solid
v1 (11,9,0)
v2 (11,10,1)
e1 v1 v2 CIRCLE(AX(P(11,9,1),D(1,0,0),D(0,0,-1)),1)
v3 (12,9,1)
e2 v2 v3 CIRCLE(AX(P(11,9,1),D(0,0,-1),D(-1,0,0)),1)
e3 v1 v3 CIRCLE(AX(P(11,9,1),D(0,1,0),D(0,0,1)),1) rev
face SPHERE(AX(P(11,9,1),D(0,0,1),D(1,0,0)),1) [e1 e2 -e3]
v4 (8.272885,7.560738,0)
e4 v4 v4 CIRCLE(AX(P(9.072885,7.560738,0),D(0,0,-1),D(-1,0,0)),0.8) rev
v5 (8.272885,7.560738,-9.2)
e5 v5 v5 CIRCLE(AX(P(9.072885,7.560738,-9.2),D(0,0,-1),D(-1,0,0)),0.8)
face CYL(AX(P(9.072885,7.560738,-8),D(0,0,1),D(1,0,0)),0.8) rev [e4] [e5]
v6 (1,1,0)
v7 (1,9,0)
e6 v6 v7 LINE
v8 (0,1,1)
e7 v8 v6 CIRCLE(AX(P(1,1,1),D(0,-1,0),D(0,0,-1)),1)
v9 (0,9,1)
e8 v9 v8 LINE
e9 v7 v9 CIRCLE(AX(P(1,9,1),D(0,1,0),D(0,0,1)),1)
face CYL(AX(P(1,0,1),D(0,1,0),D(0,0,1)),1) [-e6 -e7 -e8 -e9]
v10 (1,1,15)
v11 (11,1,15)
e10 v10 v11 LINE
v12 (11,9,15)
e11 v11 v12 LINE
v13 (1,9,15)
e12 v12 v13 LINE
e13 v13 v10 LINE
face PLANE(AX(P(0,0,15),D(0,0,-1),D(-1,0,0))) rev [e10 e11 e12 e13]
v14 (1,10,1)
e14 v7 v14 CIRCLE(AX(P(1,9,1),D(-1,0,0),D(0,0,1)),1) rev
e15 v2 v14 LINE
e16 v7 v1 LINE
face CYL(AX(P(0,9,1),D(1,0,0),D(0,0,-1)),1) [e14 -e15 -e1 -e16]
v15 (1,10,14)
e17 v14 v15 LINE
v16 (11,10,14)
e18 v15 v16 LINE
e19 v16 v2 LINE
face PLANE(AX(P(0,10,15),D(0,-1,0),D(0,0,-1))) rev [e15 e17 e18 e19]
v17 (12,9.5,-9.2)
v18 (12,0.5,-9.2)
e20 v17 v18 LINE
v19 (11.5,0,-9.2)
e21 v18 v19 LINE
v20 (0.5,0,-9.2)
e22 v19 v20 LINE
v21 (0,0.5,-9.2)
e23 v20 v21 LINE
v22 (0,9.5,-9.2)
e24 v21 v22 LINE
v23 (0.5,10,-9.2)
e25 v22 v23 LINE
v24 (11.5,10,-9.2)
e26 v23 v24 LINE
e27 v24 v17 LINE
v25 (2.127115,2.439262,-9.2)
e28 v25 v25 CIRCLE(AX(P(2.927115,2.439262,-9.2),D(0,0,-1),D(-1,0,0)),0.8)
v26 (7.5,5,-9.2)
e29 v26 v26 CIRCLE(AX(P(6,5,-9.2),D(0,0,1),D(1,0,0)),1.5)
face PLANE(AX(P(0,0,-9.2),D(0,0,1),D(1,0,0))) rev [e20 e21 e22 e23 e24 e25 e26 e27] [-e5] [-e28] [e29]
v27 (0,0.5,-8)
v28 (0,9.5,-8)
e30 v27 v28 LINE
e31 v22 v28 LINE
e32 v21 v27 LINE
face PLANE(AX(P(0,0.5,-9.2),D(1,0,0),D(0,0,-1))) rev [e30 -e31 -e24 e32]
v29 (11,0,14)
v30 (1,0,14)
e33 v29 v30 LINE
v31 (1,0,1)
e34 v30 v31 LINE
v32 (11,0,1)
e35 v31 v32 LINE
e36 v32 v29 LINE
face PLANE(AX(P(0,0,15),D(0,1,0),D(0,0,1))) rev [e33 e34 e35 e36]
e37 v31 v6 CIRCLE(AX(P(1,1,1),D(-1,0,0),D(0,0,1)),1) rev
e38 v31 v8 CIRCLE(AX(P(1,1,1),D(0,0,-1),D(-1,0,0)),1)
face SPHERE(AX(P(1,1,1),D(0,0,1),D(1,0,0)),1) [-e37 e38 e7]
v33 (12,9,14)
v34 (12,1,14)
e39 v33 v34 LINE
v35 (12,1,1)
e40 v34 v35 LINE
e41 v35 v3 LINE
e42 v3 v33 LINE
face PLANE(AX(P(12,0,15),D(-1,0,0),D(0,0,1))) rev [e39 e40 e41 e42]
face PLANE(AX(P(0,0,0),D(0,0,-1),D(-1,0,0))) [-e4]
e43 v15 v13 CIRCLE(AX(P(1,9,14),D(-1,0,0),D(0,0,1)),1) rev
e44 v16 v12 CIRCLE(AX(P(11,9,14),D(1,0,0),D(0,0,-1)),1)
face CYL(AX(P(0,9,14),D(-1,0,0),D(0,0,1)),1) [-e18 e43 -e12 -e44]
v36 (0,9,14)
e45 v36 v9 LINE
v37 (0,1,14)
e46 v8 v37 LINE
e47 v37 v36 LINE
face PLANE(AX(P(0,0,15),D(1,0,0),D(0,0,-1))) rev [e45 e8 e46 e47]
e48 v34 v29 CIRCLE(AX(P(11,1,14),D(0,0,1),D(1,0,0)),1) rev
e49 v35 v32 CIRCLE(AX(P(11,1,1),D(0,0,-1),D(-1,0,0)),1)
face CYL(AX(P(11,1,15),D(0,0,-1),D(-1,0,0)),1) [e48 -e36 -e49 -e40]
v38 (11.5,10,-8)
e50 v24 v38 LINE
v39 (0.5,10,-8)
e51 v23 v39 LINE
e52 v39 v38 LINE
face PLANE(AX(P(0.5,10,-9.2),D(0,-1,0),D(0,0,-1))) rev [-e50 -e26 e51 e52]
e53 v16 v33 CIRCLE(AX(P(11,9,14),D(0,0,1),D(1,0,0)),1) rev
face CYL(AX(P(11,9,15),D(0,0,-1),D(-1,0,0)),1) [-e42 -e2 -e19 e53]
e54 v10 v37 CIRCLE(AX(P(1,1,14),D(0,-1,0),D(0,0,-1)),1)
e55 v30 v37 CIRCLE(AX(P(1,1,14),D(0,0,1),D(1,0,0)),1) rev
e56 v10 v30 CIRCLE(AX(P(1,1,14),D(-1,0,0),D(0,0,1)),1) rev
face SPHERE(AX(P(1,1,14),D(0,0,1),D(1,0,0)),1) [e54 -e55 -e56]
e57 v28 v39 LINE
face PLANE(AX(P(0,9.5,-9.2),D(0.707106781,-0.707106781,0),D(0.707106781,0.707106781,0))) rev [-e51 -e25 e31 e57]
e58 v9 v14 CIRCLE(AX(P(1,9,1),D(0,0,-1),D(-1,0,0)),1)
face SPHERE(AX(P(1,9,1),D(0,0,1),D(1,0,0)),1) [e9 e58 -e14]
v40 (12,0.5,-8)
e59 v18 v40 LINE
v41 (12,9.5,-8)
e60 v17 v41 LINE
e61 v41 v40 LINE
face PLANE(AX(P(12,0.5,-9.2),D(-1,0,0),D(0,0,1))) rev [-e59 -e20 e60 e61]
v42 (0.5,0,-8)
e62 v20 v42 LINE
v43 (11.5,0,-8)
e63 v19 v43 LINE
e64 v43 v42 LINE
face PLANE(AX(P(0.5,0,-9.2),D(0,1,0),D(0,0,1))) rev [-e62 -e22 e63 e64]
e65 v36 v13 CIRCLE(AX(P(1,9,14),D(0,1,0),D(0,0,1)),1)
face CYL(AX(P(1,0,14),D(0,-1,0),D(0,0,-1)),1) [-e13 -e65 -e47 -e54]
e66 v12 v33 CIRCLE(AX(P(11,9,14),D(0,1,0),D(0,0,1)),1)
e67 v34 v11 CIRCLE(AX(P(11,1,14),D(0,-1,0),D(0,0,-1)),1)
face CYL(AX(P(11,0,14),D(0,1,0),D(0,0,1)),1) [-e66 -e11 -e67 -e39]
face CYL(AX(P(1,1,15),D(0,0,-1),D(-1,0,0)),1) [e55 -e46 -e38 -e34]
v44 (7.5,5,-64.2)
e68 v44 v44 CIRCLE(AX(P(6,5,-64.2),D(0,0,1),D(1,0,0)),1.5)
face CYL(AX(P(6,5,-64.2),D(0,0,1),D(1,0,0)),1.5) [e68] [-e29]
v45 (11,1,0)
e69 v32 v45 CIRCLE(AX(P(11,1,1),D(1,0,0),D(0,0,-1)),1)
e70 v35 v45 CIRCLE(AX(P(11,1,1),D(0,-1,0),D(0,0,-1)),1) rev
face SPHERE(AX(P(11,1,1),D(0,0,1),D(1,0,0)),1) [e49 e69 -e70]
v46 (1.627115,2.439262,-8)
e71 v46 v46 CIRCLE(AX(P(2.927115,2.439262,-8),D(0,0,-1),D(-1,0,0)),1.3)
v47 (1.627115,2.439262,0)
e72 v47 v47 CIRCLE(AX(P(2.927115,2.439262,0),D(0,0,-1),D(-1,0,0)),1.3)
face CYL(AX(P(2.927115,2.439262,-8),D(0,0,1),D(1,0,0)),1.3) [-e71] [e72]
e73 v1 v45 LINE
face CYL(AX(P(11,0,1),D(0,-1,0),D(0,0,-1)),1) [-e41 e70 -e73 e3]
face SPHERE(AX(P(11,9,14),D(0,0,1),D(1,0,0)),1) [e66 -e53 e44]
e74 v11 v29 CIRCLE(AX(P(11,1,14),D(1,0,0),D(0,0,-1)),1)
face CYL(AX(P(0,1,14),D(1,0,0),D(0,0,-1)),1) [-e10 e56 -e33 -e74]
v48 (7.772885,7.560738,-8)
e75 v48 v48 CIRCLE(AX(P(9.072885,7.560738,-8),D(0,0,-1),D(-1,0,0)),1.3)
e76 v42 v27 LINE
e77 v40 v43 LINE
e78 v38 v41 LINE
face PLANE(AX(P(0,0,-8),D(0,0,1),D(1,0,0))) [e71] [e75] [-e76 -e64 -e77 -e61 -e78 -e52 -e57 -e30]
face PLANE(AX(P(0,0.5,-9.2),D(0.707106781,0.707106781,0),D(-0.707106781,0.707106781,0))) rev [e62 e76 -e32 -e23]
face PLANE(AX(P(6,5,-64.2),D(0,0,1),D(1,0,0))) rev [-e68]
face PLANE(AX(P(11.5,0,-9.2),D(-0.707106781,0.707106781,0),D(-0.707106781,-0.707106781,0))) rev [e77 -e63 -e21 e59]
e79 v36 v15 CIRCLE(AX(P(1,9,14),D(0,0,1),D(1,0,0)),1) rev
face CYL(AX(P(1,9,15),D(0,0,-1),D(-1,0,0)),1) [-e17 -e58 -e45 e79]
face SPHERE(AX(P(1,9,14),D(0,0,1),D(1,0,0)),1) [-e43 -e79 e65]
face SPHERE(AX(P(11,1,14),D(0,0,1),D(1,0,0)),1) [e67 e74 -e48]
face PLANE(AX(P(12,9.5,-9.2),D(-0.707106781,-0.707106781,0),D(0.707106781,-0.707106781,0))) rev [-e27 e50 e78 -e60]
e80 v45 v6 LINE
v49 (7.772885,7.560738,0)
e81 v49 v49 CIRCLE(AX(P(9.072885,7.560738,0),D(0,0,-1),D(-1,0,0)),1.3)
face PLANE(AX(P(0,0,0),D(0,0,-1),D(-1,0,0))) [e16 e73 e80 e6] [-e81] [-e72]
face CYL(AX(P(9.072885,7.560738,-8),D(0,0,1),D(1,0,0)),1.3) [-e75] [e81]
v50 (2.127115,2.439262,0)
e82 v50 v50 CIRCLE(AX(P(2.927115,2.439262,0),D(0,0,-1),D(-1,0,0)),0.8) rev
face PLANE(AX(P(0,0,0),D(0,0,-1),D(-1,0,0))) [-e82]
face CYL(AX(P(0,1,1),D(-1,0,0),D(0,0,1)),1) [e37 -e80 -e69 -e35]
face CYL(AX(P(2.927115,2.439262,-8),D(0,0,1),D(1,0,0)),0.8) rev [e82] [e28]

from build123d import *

# Parameters (mm, degrees)
SKETCH_1_W          = 12
SKETCH_1_H          = 10
EXTRUDE_1_DEPTH     = 15
FILLET_1_R          = 1
SKETCH_2_R          = 1.3
SKETCH_2_R_2        = 0.8
EXTRUDE_2_DEPTH     = 8
EXTRUDE_3_DEPTH     = 1.2
SKETCH_6_R          = 0.8
CUT_EXTRUDE_1_DEPTH = 1.2
SKETCH_7_R          = 1.5
EXTRUDE_4_DEPTH     = 55


with BuildPart() as part:
    # 草图1 → 凸台-拉伸1 (new body)
    with BuildSketch(Plane.XY):
        with Locations((6, 5)):
            Rectangle(SKETCH_1_W, SKETCH_1_H)
    extrude(amount=EXTRUDE_1_DEPTH)

    # 圆角1
    fillet_1_edges = [part.edges().sort_by_distance(p)[0] for p in [
        (12, 5, 15),
        (6, 10, 15),
        (0, 5, 15),
        (6, 10, 0),
        (12, 5, 0),
        (6, 0, 0),
        (0, 5, 0),
        (6, 0, 15),
        (0, 10, 7.5),
        (12, 10, 7.5),
        (12, 0, 7.5),
        (0, 0, 7.5),
    ]]
    fillet(fillet_1_edges, radius=FILLET_1_R)

    # 草图2 → 凸台-拉伸2 (add)
    with BuildSketch(Plane(origin=(0, 0, 0), x_dir=(-1, 0, 0), z_dir=(0, 0, -1))):
        with Locations((-2.927114882, 2.439262401)):
            Circle(SKETCH_2_R)
        with Locations((-2.927114882, 2.439262401)):
            Circle(SKETCH_2_R_2, mode=Mode.SUBTRACT)
        with Locations((-9.072885118, 7.560737599)):
            Circle(SKETCH_2_R)
        with Locations((-9.072885118, 7.560737599)):
            Circle(SKETCH_2_R_2, mode=Mode.SUBTRACT)
    extrude(amount=EXTRUDE_2_DEPTH)

    # 草图3 → 凸台-拉伸3 (add)
    with BuildSketch(Plane(origin=(0, 0, -8), x_dir=(-1, 0, 0), z_dir=(0, 0, -1))):
        Polygon((0, 0.5), (-0.5, 0), (-11.5, 0), (-12, 0.5), (-12, 9.5), (-11.5, 10), (-0.5, 10), (0, 9.5), align=None)
    extrude(amount=EXTRUDE_3_DEPTH)

    # 草图6 → 切除-拉伸1 (cut)
    with BuildSketch(Plane(origin=(0, 0, -9.2), x_dir=(-1, 0, 0), z_dir=(0, 0, -1))):
        with Locations((-2.927114882, 2.439262401)):
            Circle(SKETCH_6_R)
        with Locations((-9.072885118, 7.560737599)):
            Circle(SKETCH_6_R)
    extrude(amount=-CUT_EXTRUDE_1_DEPTH, mode=Mode.SUBTRACT)

    # 草图7 → 凸台-拉伸4 (add)
    with BuildSketch(Plane.XY.offset(-9.2)):
        with Locations((6, 5)):
            Circle(SKETCH_7_R)
    extrude(amount=-EXTRUDE_4_DEPTH)


solid = part.part
